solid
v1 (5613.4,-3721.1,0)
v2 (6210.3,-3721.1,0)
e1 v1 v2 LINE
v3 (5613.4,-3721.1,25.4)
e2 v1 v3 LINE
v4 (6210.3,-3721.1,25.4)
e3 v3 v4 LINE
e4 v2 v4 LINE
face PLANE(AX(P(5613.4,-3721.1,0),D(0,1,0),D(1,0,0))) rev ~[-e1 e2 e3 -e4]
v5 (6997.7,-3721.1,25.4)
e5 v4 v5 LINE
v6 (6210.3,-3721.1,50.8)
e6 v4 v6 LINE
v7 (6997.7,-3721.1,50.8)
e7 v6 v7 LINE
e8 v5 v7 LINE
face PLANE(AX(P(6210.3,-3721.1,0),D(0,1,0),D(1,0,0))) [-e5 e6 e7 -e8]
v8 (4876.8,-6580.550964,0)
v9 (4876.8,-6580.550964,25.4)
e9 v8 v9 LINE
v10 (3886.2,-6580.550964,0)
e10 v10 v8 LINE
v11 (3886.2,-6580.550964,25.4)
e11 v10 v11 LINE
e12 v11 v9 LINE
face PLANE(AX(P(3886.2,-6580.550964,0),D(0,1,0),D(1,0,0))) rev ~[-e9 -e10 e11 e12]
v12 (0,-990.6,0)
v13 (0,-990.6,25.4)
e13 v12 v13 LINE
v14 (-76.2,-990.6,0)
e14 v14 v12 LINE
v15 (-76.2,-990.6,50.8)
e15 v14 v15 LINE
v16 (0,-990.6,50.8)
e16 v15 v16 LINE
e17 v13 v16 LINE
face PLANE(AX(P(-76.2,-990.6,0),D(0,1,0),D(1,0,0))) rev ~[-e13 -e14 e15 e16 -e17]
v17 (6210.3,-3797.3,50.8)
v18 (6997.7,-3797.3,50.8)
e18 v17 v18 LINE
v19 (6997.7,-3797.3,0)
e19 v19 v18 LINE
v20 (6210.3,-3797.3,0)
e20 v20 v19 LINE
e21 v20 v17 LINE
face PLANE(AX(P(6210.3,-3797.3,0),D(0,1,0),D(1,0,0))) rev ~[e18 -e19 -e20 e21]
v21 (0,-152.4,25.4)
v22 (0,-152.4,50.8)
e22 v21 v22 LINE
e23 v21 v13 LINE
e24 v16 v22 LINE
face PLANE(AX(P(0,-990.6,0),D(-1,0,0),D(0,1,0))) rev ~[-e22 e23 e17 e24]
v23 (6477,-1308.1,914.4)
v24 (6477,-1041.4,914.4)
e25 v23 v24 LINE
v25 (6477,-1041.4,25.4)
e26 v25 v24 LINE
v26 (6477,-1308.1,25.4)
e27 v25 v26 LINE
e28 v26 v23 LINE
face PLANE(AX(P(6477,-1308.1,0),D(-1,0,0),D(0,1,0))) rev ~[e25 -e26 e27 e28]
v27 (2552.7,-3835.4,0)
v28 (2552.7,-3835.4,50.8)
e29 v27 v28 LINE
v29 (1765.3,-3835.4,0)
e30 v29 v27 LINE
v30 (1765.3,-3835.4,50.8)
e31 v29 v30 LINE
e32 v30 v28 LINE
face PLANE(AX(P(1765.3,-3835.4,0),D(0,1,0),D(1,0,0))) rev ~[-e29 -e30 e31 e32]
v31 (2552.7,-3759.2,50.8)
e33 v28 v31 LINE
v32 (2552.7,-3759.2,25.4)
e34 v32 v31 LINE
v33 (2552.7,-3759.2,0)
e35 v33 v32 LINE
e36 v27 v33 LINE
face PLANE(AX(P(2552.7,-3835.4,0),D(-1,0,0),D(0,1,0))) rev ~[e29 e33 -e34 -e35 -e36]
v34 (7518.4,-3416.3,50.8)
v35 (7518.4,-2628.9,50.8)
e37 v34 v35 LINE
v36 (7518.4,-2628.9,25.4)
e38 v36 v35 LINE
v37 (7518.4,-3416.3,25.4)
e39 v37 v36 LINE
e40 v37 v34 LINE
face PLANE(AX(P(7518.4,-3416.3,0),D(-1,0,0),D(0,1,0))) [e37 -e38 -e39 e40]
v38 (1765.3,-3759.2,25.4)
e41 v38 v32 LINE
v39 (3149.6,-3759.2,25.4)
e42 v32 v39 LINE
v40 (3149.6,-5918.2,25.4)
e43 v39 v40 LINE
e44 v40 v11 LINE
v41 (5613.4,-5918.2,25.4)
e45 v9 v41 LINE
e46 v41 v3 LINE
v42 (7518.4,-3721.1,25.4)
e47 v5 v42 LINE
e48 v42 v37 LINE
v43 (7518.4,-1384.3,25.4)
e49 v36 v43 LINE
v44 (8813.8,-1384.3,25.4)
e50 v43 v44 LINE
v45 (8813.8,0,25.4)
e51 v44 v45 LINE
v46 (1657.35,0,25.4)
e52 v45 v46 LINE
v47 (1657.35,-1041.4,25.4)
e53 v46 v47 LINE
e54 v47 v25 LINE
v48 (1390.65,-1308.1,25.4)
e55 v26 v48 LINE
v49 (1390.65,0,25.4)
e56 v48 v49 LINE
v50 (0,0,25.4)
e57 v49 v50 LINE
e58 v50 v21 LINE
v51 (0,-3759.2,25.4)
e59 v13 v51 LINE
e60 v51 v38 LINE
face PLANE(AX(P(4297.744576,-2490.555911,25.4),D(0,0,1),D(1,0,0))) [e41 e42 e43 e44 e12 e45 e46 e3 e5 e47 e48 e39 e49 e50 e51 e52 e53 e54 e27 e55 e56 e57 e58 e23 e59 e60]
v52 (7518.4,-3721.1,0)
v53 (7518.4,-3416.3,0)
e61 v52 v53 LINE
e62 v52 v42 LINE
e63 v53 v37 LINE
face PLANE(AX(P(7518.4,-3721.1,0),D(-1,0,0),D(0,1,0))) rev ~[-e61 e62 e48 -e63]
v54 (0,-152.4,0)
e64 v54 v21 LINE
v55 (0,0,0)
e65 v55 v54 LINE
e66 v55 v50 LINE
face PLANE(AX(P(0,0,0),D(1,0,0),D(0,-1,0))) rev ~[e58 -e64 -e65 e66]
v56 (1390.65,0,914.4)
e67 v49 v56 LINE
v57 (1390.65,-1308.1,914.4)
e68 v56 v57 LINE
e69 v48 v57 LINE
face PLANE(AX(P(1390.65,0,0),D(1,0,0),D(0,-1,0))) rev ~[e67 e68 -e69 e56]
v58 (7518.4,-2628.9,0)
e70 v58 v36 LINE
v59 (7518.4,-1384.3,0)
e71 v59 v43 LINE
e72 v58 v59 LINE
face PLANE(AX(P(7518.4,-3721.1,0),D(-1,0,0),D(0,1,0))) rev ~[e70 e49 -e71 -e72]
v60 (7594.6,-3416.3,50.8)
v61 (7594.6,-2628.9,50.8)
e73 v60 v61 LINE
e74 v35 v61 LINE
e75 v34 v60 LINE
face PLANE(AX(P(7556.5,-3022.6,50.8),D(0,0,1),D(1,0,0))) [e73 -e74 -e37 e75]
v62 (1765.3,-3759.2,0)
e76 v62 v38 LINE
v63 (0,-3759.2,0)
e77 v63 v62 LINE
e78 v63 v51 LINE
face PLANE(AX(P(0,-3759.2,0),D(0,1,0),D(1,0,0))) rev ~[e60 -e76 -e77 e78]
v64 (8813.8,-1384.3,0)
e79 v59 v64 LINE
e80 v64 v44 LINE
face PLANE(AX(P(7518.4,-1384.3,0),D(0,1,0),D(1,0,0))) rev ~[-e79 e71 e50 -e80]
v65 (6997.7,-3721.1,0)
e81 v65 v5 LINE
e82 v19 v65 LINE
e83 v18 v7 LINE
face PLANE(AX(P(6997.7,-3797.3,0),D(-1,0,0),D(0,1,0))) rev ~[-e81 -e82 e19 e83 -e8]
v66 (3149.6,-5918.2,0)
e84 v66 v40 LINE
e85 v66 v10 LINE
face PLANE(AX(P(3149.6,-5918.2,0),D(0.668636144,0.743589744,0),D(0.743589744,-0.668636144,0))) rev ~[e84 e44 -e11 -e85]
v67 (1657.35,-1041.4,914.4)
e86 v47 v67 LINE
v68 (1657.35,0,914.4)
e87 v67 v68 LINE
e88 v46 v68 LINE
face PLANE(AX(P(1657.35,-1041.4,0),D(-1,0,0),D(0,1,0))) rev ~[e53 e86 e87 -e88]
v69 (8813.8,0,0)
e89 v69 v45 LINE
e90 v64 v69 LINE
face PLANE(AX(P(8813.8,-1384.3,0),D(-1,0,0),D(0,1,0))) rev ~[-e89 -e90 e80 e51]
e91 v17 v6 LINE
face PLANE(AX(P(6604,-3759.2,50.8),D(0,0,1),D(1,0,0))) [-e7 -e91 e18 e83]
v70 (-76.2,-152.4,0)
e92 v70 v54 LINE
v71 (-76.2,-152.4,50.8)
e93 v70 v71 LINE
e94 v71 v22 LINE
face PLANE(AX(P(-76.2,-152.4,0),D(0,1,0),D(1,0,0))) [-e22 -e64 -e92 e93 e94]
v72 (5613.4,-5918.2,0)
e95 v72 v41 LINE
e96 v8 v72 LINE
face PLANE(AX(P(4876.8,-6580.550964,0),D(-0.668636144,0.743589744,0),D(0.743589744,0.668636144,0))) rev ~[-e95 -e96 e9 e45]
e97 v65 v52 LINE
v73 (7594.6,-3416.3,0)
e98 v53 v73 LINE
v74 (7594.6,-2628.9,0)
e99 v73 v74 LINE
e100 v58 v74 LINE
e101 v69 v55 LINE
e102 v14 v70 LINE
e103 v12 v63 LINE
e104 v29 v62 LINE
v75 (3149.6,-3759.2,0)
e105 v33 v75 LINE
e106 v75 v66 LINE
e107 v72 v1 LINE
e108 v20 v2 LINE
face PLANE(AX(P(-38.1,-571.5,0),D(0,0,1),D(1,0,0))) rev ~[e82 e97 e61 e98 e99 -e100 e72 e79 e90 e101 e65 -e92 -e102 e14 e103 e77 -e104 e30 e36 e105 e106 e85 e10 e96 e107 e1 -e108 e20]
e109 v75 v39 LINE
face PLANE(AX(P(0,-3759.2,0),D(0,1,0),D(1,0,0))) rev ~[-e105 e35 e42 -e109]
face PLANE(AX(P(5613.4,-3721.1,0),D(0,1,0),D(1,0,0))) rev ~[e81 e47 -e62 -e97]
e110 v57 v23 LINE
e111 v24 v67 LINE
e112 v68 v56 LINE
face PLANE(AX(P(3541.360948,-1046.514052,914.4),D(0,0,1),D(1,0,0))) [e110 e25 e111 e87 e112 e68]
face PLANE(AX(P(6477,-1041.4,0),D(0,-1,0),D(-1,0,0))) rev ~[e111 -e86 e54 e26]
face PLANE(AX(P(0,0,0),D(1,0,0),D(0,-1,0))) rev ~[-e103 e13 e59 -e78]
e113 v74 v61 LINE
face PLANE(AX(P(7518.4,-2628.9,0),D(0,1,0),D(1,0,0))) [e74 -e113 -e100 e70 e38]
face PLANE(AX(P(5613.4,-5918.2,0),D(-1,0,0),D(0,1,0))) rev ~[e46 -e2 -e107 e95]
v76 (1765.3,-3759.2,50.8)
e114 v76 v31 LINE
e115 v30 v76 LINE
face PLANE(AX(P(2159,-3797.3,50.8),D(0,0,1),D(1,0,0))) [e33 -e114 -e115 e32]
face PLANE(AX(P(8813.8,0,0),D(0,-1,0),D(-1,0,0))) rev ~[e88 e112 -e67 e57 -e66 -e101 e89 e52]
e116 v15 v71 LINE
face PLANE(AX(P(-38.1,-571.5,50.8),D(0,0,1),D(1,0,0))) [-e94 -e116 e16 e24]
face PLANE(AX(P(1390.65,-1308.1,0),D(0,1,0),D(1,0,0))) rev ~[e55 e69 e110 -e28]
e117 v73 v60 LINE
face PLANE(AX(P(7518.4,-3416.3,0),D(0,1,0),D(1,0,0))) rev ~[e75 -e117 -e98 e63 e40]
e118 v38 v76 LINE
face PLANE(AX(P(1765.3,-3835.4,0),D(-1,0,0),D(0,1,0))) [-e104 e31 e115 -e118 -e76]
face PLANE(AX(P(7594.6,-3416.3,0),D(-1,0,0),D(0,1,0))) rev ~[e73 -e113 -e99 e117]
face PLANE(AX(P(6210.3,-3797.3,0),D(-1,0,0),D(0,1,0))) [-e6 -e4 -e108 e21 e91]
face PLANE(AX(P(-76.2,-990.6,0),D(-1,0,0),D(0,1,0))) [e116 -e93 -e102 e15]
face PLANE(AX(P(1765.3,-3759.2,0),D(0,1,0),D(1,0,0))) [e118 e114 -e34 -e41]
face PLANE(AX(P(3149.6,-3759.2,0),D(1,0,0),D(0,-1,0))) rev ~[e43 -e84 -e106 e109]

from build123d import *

# Parameters (mm, degrees)
F3_DEPTH = 25.4
F4_DEPTH = 914.4
F2_W     = 76.2
F2_H     = 838.2
F2_W_2   = 787.4
F2_H_2   = 76.2
F2_H_3   = 787.4
F5_DEPTH = 50.8


with BuildPart() as f3:
    # F0 (on Top) → F3 (new body)
    with BuildSketch(Plane.XY):
        Polygon((8813.8, 0), (0, 0), (0, -3759.2), (3149.6, -3759.2), (3149.6, -5918.2), (3886.2, -6580.550964), (4876.8, -6580.550964), (5613.4, -5918.2), (5613.4, -3721.1), (7518.4, -3721.1), (7518.4, -1384.3), (8813.8, -1384.3), align=None)
    extrude(amount=F3_DEPTH)

    # F1 (on Top) → F4 (join)
    with BuildSketch(Plane.XY):
        Polygon((6477, -1308.1), (6477, -1174.75), (6477, -1041.4), (1657.35, -1041.4), (1657.35, 0), (1524, 0), (1390.65, 0), (1390.65, -1308.1), align=None)
    extrude(amount=F4_DEPTH)

    # F2 (on Top) → F5 (join)
    with BuildSketch(Plane.XY):
        with Locations((-38.1, -571.5)):
            Rectangle(F2_W, F2_H)
        with Locations((2159, -3797.3)):
            Rectangle(F2_W_2, F2_H_2)
        with Locations((6604, -3759.2)):
            Rectangle(F2_W_2, F2_H_2)
        with Locations((7556.5, -3022.6)):
            Rectangle(F2_W, F2_H_3)
    extrude(amount=F5_DEPTH)


solid = f3.part
